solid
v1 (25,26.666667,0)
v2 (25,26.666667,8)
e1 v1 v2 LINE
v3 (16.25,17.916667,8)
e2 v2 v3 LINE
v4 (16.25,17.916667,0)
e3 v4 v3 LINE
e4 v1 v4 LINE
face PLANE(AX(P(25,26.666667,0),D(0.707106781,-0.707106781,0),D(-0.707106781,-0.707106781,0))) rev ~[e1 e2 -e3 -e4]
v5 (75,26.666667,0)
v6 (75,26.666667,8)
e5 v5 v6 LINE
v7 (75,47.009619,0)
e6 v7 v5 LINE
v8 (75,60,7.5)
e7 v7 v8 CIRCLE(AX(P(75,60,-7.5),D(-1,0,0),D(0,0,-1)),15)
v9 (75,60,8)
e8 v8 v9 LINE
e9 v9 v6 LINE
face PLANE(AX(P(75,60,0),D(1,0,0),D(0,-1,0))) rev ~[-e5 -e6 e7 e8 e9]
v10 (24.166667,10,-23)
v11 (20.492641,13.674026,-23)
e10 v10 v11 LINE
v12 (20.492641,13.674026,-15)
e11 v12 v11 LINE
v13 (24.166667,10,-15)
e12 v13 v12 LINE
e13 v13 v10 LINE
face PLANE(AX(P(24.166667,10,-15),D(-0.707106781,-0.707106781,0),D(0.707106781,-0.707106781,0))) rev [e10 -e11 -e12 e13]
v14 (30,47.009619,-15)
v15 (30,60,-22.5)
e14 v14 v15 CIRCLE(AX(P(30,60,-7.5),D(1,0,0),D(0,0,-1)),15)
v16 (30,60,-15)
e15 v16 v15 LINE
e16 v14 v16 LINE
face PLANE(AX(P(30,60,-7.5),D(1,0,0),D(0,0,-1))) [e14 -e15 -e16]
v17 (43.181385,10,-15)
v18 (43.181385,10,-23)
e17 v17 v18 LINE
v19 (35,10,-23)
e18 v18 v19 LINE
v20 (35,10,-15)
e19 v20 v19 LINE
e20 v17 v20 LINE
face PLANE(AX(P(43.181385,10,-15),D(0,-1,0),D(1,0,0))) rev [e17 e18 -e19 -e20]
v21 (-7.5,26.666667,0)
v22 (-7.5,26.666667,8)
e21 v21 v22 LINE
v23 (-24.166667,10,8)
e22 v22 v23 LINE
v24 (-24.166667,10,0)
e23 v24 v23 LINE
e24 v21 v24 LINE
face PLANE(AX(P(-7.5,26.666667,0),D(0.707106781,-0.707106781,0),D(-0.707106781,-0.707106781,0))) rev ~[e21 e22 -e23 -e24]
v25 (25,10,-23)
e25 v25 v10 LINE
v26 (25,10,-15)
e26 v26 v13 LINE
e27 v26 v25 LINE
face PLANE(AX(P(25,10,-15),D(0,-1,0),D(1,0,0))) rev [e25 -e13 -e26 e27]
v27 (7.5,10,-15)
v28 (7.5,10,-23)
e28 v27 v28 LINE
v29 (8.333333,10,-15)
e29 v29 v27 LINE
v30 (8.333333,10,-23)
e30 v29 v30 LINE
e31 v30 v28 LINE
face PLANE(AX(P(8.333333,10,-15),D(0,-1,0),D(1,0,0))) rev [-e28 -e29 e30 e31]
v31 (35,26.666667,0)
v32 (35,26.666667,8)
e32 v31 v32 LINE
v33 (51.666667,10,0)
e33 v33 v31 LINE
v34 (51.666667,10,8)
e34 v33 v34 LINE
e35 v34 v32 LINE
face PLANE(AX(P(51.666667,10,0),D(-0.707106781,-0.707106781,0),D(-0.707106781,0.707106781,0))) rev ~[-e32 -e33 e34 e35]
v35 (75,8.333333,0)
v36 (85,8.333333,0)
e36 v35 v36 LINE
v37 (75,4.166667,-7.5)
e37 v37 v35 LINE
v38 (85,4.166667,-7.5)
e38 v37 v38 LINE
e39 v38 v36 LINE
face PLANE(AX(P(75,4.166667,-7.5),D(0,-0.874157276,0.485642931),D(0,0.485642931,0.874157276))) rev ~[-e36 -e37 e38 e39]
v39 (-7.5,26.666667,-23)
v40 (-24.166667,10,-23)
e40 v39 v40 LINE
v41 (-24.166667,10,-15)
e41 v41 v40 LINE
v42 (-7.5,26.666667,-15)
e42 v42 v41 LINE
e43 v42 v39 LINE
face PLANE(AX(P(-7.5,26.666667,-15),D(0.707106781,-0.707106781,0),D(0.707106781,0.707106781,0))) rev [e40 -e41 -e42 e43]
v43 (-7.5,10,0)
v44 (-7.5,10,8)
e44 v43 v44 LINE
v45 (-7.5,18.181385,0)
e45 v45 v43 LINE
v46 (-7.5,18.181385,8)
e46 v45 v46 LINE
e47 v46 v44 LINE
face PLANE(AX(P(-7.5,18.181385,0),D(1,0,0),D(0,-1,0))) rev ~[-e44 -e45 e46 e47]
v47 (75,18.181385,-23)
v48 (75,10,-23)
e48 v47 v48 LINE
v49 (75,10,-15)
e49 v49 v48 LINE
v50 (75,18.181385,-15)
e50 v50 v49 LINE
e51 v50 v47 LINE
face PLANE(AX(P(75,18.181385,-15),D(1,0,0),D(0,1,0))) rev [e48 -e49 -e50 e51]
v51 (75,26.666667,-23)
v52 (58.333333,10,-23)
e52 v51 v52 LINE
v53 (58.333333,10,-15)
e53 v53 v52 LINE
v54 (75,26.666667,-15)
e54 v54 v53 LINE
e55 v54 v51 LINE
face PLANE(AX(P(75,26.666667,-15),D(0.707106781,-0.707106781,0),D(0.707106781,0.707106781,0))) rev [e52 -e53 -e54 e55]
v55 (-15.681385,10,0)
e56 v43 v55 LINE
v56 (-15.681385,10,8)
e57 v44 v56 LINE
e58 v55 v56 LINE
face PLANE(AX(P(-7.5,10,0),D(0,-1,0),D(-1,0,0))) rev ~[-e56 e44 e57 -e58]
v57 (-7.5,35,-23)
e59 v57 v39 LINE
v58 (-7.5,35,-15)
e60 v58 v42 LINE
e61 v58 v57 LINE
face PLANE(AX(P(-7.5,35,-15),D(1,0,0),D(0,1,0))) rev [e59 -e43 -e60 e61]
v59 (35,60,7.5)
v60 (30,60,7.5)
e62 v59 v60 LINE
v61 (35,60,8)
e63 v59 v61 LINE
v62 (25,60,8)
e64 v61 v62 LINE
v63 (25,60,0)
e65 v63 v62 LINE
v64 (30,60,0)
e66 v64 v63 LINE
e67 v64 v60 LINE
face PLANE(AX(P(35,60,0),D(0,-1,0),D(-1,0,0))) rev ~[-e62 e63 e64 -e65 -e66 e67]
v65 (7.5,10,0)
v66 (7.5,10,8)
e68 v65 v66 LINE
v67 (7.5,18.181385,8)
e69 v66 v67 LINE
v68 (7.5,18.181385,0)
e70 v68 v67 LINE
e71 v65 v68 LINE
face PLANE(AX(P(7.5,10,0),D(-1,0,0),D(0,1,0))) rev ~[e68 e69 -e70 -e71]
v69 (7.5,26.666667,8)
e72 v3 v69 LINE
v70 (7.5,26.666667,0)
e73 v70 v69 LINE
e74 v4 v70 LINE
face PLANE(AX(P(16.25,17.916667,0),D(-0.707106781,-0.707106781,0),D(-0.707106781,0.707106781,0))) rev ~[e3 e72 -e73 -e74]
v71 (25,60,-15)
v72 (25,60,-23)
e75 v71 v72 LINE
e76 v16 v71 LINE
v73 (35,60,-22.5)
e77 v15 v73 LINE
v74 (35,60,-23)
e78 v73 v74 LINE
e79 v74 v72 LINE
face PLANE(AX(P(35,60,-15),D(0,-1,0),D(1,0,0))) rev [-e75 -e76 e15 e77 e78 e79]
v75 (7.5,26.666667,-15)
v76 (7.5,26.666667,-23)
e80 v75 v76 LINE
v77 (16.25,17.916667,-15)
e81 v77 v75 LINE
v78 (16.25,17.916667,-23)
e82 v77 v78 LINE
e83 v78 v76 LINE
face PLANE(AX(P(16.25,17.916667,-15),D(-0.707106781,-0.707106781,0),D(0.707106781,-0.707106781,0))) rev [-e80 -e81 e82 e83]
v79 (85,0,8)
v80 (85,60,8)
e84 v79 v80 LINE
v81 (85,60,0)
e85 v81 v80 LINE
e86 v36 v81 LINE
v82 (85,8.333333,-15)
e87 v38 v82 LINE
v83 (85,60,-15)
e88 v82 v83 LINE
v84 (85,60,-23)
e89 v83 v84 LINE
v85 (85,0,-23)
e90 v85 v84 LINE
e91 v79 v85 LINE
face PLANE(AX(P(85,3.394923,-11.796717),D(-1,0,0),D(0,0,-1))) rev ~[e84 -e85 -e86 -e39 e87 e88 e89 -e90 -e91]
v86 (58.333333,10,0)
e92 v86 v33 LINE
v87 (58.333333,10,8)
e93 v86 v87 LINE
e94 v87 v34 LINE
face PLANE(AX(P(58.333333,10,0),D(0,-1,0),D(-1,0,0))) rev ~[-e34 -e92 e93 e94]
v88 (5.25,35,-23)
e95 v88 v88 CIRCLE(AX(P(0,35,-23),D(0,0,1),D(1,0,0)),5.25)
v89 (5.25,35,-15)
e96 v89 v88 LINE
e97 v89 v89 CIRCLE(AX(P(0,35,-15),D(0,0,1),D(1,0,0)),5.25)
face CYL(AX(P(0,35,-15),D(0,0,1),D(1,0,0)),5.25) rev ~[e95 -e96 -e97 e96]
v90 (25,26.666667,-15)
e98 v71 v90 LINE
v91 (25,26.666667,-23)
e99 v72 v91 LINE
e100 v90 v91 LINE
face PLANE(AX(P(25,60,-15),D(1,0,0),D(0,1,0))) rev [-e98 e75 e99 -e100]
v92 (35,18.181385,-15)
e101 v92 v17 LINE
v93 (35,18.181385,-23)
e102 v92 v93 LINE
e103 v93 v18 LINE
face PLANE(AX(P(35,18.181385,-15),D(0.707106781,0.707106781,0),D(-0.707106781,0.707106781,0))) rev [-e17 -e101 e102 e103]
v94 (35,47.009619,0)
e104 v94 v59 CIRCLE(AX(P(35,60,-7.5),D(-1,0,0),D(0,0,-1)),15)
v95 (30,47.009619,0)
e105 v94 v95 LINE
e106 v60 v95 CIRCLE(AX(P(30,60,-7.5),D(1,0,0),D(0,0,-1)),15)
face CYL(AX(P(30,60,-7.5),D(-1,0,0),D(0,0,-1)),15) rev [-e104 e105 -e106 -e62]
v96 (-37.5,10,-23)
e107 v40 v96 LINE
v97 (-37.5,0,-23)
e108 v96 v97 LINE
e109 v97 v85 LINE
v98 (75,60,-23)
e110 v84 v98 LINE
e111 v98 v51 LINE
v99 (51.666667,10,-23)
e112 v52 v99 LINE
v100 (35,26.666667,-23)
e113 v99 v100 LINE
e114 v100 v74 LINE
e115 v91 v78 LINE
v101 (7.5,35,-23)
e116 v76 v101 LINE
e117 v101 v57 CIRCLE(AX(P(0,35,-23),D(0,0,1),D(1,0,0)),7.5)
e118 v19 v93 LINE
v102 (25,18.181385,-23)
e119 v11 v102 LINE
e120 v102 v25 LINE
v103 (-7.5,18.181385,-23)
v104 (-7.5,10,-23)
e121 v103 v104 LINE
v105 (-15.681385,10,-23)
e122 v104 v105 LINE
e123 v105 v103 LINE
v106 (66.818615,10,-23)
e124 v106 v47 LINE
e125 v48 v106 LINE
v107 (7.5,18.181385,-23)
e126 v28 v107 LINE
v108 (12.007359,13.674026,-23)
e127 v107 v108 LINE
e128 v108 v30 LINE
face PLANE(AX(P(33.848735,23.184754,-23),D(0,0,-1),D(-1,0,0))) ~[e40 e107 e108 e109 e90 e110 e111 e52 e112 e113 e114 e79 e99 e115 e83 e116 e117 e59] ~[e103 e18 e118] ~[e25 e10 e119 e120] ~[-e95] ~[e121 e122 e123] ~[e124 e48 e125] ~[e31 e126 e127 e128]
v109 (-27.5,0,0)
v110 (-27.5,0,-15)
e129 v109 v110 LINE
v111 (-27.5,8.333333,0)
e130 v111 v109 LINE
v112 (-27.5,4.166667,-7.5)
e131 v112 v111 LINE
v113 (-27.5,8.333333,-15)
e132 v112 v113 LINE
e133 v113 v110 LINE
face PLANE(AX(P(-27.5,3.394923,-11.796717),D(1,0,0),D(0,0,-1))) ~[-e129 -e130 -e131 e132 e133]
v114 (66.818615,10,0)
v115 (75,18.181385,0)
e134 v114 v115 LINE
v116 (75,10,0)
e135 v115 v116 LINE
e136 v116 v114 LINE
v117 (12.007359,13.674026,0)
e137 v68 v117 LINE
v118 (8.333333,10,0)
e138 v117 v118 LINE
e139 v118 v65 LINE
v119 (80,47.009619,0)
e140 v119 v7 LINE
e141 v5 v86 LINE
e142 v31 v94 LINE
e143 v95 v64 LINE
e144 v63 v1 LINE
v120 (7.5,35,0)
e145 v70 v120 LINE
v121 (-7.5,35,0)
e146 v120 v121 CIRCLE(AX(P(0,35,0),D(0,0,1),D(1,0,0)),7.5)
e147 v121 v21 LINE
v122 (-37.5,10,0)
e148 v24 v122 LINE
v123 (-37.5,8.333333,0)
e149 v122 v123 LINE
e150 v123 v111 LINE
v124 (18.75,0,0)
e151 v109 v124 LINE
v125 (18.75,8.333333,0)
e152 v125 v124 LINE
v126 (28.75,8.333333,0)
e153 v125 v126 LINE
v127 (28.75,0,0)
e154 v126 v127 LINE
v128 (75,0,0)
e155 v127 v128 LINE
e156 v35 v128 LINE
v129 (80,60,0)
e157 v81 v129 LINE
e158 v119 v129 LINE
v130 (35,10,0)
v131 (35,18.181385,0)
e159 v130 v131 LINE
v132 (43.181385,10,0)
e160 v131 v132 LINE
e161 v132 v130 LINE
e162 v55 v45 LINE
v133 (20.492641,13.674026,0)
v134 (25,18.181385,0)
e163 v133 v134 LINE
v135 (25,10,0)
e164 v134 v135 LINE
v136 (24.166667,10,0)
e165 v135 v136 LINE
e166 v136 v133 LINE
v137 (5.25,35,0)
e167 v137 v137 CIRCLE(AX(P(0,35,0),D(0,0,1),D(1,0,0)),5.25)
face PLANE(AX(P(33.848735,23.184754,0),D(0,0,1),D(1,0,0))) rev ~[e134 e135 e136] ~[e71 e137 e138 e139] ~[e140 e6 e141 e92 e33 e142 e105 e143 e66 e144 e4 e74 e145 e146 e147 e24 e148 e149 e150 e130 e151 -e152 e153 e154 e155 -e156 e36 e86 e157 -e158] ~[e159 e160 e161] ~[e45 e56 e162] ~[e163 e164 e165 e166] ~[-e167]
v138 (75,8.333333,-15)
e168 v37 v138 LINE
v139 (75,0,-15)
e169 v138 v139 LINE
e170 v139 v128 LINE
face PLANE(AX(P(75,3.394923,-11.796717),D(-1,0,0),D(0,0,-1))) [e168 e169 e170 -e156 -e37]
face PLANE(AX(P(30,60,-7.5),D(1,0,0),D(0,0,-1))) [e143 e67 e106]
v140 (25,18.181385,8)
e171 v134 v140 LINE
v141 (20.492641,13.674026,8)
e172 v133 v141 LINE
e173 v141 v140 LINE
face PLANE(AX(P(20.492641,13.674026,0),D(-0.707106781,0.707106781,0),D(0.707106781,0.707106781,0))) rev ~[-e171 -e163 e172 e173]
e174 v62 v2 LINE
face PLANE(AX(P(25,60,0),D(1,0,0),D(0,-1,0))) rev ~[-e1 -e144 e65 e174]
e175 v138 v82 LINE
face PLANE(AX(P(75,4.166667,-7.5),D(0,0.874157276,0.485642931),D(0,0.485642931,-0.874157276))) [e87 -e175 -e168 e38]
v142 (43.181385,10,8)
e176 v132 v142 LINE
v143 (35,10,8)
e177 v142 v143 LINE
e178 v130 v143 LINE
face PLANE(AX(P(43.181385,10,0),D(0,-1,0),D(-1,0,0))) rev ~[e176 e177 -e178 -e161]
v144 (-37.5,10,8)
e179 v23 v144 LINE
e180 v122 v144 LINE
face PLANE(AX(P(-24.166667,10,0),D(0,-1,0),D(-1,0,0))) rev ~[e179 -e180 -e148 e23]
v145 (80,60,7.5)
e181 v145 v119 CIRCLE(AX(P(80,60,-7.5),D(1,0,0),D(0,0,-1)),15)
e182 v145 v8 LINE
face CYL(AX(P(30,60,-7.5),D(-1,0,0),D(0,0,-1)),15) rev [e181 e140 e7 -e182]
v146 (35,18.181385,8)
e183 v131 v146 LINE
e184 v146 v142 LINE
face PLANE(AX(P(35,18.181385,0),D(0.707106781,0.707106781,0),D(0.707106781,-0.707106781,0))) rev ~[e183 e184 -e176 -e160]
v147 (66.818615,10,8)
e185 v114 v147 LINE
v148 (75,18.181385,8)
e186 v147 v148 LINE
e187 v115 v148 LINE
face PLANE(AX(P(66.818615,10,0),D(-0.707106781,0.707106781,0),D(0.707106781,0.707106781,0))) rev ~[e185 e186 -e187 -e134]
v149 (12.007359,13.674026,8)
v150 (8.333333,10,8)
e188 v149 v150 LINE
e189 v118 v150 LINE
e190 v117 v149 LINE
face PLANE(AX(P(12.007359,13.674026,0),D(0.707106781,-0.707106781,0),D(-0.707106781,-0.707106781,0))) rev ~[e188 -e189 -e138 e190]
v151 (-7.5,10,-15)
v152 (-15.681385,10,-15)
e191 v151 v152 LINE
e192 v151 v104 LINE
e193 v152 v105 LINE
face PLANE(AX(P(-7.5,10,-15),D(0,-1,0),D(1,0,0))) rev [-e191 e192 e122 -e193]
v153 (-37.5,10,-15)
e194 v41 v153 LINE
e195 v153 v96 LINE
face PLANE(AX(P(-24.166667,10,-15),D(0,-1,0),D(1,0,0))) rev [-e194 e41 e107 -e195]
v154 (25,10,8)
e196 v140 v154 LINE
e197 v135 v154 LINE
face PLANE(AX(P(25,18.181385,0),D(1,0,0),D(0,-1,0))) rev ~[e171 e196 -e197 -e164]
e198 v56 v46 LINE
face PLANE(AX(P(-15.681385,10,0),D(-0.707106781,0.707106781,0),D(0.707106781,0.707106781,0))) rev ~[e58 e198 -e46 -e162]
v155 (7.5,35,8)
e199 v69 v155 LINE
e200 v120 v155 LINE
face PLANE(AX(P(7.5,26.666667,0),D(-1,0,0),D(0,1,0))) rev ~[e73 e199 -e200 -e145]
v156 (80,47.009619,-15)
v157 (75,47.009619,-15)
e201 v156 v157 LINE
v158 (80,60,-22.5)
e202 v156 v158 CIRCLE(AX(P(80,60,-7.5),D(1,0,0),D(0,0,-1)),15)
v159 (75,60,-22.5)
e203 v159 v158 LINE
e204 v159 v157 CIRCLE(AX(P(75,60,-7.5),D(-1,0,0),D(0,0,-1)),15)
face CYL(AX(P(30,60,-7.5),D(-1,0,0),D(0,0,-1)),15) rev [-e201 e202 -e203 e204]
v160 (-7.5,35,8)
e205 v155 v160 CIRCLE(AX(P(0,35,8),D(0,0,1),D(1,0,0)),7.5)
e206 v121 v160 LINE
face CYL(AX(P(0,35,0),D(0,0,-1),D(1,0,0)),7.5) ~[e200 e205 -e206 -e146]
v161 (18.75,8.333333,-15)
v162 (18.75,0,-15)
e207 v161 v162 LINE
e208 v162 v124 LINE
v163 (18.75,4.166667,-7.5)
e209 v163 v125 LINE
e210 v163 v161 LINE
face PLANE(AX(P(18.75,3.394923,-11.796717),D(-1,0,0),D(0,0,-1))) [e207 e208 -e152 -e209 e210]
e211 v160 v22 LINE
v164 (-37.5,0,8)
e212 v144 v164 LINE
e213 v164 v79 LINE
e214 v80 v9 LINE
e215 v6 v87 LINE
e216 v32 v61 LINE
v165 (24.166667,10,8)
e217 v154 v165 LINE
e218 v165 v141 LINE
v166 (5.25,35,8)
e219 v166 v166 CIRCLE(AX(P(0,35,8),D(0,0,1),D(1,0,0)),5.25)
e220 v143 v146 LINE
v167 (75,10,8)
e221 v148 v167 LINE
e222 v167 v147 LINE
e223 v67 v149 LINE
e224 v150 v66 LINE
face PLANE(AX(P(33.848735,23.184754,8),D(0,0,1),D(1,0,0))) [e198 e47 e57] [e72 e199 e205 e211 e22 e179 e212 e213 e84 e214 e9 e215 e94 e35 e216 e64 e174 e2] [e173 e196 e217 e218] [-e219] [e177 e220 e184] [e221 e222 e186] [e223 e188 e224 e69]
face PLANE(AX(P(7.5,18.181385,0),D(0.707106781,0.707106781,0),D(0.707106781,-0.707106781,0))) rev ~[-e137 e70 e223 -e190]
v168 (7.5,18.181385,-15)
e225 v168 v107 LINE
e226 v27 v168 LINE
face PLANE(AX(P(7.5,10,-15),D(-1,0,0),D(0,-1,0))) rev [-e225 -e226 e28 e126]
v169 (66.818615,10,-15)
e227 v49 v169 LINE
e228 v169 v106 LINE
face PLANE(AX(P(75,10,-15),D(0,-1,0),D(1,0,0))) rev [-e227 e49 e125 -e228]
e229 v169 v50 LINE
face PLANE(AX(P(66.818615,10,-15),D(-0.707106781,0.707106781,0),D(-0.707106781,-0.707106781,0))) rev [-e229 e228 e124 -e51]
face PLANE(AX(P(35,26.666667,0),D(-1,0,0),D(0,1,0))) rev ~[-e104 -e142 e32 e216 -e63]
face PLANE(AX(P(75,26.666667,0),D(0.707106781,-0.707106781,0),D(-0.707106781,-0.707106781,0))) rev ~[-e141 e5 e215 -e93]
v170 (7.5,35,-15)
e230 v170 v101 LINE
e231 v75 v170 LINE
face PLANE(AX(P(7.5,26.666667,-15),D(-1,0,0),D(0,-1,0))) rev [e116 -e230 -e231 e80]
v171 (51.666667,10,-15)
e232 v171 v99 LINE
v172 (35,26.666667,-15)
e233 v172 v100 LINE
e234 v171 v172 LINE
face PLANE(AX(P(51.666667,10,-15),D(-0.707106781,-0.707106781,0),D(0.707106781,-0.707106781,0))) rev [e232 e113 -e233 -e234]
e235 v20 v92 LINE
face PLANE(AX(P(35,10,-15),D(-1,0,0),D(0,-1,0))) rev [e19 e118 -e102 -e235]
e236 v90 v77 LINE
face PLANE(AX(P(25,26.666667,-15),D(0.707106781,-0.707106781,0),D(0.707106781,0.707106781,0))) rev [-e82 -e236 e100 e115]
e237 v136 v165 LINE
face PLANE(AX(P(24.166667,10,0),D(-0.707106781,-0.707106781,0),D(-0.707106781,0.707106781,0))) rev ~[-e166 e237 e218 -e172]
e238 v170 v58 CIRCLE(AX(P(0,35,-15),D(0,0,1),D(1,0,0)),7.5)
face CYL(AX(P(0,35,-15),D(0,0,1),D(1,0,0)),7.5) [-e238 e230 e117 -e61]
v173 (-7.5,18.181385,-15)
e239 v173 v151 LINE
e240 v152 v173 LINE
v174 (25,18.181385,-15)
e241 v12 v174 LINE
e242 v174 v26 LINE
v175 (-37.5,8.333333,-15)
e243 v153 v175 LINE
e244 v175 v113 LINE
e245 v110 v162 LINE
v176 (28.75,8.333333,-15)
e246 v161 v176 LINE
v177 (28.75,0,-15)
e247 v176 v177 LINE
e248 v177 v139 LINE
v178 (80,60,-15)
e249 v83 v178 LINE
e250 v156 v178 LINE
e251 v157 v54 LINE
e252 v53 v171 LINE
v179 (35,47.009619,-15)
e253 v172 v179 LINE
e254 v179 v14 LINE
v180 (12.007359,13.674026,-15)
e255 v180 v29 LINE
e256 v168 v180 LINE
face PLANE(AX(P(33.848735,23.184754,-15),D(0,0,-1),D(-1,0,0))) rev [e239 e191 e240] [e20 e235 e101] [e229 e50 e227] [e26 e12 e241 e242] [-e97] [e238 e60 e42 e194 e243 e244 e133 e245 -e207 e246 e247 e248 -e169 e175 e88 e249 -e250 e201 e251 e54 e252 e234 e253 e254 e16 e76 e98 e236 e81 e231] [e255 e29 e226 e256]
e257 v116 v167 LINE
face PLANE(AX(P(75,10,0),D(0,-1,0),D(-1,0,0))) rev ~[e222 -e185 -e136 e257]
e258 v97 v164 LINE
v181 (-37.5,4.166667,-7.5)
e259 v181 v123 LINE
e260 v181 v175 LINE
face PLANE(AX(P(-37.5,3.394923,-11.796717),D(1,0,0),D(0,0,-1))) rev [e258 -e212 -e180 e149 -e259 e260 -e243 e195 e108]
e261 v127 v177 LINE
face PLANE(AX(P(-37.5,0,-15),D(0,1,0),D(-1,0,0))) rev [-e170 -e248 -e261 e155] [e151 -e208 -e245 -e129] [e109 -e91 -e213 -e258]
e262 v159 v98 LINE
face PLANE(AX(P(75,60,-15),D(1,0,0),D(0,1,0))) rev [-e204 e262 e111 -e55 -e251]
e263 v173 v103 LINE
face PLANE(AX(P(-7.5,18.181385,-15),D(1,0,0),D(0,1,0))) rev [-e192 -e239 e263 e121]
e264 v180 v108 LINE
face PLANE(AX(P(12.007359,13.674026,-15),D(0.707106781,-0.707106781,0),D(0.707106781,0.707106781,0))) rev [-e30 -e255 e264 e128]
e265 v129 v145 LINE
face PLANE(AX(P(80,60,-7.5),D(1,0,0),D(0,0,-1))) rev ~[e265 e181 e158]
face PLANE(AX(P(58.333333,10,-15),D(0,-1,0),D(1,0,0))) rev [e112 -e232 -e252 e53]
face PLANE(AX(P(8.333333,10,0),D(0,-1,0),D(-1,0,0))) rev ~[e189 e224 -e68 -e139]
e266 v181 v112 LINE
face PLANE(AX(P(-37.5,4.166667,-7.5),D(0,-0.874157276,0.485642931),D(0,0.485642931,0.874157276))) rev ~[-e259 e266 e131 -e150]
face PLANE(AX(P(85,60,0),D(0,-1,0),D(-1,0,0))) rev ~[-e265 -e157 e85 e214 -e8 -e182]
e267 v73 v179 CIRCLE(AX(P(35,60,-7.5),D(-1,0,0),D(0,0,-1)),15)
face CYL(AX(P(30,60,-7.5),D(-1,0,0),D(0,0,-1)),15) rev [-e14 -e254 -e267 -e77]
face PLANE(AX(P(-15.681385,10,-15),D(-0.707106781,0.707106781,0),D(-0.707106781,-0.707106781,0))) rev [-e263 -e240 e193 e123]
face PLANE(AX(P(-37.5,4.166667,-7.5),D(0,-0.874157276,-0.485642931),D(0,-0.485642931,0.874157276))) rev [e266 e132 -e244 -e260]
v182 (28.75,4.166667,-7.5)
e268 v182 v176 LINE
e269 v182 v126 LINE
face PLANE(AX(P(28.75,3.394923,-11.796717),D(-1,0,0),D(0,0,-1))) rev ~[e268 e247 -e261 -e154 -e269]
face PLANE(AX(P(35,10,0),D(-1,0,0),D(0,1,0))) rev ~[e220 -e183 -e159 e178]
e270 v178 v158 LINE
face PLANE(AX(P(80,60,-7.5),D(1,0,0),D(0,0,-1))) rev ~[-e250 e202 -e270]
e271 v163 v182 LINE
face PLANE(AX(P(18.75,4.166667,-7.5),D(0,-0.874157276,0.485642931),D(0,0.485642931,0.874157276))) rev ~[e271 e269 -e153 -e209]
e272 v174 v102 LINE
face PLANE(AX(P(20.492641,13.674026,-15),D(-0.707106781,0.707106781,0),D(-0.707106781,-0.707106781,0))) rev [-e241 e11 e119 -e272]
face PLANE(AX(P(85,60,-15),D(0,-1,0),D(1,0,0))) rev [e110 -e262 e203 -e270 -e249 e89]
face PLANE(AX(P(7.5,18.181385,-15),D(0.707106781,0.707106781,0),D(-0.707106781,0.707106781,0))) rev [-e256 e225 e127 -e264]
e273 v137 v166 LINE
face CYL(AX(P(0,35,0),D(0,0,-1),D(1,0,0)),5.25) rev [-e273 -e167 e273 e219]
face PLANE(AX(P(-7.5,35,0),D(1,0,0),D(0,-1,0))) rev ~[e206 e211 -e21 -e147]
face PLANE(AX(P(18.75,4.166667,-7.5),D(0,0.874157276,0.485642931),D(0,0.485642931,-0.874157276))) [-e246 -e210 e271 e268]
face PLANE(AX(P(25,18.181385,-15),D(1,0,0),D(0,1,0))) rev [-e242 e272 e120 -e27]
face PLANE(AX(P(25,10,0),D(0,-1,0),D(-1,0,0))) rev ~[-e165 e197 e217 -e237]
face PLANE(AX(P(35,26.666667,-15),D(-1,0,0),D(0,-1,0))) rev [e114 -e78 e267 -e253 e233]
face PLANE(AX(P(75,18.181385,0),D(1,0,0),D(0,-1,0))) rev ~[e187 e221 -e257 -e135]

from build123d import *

# Parameters (mm, degrees)
SKETCH1_R            = 5.25
BOSS_EXTRUDE1_DEPTH  = 8
BOSS_EXTRUDE2_DEPTH  = 10
LPATTERN1_COUNT      = 3
LPATTERN1_PITCH      = 56.25
MIRROR1_COPY_1_DEPTH = 10
MIRROR1_COPY_2_DEPTH = 10
CUT_EXTRUDE1_START   = -5
SKETCH3_R            = 15
CUT_EXTRUDE1_DEPTH   = 50


with BuildPart() as part:
    # Sketch1 → Boss-Extrude1 (new body)
    with BuildSketch(Plane.XY):
        with BuildLine():
            Line((85, 0), (85, 60))
            Line((85, 60), (75, 60))
            Line((75, 60), (75, 26.666666667))
            Line((75, 26.666666667), (58.333333333, 10))
            Line((58.333333333, 10), (51.666666667, 10))
            Line((51.666666667, 10), (35, 26.666666667))
            Line((35, 26.666666667), (35, 60))
            Line((35, 60), (25, 60))
            Line((25, 60), (25, 26.666666667))
            Line((25, 26.666666667), (16.25, 17.916666667))
            Line((16.25, 17.916666667), (7.5, 26.666666667))
            Line((7.5, 26.666666667), (7.5, 35))
            ThreePointArc((7.5, 35), (0, 42.5), (-7.5, 35))
            Line((-7.5, 35), (-7.5, 26.666666667))
            Line((-7.5, 26.666666667), (-24.166666667, 10))
            Line((-24.166666667, 10), (-37.5, 10))
            Line((-37.5, 10), (-37.5, 0))
            Line((-37.5, 0), (85, 0))
        make_face()
        Polygon((12.007359313, 13.67402598), (8.333333333, 10), (7.5, 10), (7.5, 18.181385292), align=None, mode=Mode.SUBTRACT)
        with Locations((0, 35)):
            Circle(SKETCH1_R, mode=Mode.SUBTRACT)
        Polygon((24.166666667, 10), (20.492640687, 13.67402598), (25, 18.181385292), (25, 10), align=None, mode=Mode.SUBTRACT)
        Polygon((35, 10), (35, 18.181385292), (43.181385292, 10), align=None, mode=Mode.SUBTRACT)
        Polygon((75, 10), (66.818614708, 10), (75, 18.181385292), align=None, mode=Mode.SUBTRACT)
        Polygon((-7.5, 10), (-15.681385292, 10), (-7.5, 18.181385292), align=None, mode=Mode.SUBTRACT)
    boss_extrude1 = extrude(amount=BOSS_EXTRUDE1_DEPTH)

    # Sketch2 → Boss-Extrude2 (add)
    with BuildSketch(Plane(origin=(-37.5, 0, 0), x_dir=(0, 0, -1), z_dir=(1, 0, 0))):
        Polygon((7.5, 4.166666667), (0, 8.333333333), (0, 0), (7.5, 0), align=None)
    boss_extrude2 = extrude(amount=BOSS_EXTRUDE2_DEPTH)

    # LPattern1: Boss-Extrude2 ×3
    with Locations(*[(i * LPATTERN1_PITCH, 0, 0) for i in range(1, LPATTERN1_COUNT)]):
        add(boss_extrude2)

    # Mirror1: Boss-Extrude1, Boss-Extrude2 across plane
    add(boss_extrude1.mirror(Plane(origin=(-27.5, 0, -7.5), x_dir=(1, 0, 0), z_dir=(0, 0, 1))))
    add(boss_extrude2.mirror(Plane(origin=(-27.5, 0, -7.5), x_dir=(1, 0, 0), z_dir=(0, 0, 1))))

    # Mirror1 copy 1 sketch → Mirror1 copy 1 (add)
    with BuildSketch(Plane(origin=(18.75, 0, -15), x_dir=(0, 0, 1), z_dir=(1, 0, 0))):
        Polygon((7.5, -4.166666667), (0, -8.333333333), (0, 0), (7.5, 0), align=None)
    extrude(amount=MIRROR1_COPY_1_DEPTH)

    # Mirror1 copy 2 sketch → Mirror1 copy 2 (add)
    with BuildSketch(Plane(origin=(75, 0, -15), x_dir=(0, 0, 1), z_dir=(1, 0, 0))):
        Polygon((7.5, -4.166666667), (0, -8.333333333), (0, 0), (7.5, 0), align=None)
    extrude(amount=MIRROR1_COPY_2_DEPTH)

    # Sketch3 → Cut-Extrude1 (cut)
    with BuildSketch(Plane(origin=(35, 0, 0), x_dir=(0, 0, -1), z_dir=(1, 0, 0)).offset(CUT_EXTRUDE1_START)):
        with Locations((7.5, 60)):
            Circle(SKETCH3_R)
    extrude(amount=CUT_EXTRUDE1_DEPTH, mode=Mode.SUBTRACT)


solid = part.part
